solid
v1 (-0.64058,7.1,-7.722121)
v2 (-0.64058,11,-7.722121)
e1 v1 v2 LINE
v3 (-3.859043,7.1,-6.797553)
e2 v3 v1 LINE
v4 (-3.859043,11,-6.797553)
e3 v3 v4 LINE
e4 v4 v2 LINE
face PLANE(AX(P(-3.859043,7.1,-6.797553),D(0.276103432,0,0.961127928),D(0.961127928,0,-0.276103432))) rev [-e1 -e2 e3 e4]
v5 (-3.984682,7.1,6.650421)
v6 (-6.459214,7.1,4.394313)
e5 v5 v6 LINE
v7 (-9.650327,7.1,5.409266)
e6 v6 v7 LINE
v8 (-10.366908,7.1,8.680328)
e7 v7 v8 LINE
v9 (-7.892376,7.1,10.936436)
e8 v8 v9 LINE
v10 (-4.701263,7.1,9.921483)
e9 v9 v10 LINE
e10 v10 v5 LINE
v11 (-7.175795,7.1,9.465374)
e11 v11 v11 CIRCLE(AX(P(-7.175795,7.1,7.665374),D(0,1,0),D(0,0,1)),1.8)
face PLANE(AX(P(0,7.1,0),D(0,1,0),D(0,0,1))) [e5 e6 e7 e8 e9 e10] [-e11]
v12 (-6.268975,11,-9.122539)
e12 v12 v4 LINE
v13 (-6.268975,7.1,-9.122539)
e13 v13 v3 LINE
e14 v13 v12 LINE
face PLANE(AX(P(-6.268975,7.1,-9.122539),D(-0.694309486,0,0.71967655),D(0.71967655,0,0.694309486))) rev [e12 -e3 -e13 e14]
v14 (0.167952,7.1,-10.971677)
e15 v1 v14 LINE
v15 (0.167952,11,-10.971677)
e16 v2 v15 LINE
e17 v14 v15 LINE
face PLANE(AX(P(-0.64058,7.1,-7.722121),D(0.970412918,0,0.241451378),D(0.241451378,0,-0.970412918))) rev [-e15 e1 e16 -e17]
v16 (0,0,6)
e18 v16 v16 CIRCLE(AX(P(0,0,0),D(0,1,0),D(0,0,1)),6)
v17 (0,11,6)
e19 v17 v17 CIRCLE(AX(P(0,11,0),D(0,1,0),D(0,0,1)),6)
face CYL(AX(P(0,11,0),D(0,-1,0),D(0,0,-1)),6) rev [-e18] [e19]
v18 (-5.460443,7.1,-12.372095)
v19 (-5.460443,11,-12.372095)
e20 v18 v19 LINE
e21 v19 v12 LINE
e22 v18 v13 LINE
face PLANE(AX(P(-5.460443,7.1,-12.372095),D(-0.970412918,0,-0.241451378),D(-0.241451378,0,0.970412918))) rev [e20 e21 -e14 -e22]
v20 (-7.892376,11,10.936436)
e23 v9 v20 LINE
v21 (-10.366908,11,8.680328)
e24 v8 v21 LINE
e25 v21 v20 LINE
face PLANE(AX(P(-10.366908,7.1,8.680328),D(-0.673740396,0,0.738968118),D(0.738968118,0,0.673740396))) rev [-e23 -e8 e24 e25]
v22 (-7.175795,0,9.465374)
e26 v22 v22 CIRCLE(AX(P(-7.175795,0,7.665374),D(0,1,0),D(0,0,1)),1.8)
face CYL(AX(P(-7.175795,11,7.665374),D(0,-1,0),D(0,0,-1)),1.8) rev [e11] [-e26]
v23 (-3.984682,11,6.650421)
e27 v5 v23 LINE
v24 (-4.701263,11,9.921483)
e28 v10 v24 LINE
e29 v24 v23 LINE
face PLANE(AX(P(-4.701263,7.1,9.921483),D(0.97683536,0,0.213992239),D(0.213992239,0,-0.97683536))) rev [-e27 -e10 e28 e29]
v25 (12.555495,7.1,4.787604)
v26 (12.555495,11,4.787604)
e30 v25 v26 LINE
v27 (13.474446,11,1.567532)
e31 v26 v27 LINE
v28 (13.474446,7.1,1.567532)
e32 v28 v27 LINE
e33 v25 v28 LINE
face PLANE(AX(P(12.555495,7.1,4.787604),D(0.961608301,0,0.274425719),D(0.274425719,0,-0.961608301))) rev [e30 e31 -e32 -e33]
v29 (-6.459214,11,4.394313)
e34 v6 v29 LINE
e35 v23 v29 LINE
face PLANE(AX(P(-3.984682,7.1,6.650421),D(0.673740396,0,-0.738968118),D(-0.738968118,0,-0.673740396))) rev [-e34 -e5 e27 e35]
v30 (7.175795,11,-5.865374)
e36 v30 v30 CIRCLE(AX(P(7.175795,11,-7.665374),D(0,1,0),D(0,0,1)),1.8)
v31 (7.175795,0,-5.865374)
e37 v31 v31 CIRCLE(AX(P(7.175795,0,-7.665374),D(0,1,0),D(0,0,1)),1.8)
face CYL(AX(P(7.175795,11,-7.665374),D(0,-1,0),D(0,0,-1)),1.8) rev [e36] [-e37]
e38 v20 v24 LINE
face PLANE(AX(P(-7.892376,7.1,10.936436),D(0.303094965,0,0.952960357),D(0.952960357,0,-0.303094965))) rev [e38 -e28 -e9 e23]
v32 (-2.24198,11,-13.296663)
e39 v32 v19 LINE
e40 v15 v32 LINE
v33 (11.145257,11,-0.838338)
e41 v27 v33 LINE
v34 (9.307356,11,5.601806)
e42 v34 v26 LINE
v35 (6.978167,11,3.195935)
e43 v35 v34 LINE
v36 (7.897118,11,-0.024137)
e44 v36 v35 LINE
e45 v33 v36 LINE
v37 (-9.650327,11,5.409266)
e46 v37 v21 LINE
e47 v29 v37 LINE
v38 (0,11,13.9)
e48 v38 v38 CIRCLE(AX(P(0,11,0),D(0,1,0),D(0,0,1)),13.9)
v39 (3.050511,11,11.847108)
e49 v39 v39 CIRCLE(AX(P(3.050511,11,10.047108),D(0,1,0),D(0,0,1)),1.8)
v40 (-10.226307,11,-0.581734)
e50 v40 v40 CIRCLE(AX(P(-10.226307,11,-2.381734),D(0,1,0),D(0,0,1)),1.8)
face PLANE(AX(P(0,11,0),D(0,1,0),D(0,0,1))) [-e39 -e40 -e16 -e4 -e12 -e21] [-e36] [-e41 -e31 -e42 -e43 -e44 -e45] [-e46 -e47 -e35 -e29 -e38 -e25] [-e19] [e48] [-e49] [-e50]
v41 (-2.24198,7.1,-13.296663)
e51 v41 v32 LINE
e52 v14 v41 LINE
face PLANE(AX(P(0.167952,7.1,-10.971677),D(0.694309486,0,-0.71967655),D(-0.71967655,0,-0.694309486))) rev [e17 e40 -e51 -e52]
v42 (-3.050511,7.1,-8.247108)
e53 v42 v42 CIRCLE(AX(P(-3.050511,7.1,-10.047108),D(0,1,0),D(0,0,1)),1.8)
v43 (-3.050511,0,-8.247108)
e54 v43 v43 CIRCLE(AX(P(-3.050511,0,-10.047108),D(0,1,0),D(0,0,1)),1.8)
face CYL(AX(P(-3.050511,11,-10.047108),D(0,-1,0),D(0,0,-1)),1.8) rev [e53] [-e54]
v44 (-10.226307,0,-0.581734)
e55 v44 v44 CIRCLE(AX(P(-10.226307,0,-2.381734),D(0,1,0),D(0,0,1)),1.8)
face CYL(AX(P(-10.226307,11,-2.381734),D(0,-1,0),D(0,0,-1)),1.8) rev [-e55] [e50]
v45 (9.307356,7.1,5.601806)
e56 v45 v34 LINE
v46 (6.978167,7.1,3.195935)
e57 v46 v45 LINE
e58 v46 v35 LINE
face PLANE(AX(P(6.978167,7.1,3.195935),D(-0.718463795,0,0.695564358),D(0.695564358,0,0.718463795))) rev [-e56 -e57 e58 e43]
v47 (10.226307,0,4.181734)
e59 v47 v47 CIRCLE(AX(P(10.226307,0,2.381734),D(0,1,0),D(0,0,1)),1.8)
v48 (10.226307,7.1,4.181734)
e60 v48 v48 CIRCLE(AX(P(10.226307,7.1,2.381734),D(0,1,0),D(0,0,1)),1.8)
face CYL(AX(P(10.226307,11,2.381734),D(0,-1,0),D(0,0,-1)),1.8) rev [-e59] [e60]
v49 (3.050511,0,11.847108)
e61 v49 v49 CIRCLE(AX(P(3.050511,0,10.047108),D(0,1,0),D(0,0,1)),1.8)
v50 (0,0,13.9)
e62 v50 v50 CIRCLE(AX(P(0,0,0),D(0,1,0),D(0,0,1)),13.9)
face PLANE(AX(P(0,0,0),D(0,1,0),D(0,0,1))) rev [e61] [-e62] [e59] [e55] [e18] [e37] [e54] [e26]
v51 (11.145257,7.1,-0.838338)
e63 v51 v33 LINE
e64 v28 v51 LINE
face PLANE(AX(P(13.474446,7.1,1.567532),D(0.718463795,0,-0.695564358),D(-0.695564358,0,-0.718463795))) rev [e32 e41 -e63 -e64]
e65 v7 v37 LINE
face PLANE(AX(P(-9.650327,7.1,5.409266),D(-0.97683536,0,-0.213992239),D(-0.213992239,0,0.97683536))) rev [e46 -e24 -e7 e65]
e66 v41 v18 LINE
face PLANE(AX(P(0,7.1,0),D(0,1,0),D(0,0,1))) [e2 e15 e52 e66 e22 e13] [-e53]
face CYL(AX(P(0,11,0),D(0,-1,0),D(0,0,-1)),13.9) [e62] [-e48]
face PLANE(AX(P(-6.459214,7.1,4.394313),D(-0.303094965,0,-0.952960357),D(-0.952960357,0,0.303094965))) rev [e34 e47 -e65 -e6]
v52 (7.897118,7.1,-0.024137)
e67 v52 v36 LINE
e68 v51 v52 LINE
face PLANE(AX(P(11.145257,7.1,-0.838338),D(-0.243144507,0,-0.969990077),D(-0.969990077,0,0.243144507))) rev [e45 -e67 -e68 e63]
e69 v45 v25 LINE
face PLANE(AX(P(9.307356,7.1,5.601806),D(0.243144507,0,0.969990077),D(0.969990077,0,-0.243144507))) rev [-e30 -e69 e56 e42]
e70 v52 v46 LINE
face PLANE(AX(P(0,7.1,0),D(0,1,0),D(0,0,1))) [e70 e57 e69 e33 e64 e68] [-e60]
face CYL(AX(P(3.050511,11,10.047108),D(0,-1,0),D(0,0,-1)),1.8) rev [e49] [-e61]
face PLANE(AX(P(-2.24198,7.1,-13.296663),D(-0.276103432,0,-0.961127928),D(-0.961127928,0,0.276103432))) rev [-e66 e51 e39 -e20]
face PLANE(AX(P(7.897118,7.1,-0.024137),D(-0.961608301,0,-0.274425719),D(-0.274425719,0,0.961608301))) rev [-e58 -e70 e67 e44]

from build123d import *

# Parameters (mm, degrees)
ESQUISSE3_R             = 13.9
ESQUISSE3_R_2           = 6
ESQUISSE3_R_3           = 1.8
BOSS_EXTRU_1_DEPTH      = 11
ENL_V_MAT_EXTRU_1_DEPTH = 3.9


with BuildPart() as part:
    # Esquisse3 → Boss.-Extru.1 (new body)
    with BuildSketch(Plane(origin=(0, 0, 0), x_dir=(1, 0, 0), z_dir=(0, 1, 0))):
        with Locations(Location((0, 0, 0), (0, 0, 270))):
            Circle(ESQUISSE3_R)
        with Locations(Location((0, 0, 0), (0, 0, 270))):
            Circle(ESQUISSE3_R_2, mode=Mode.SUBTRACT)
        with Locations(Location((-3.050511372, 10.04710806, 0), (0, 0, 270))):
            Circle(ESQUISSE3_R_3, mode=Mode.SUBTRACT)
        with Locations(Location((7.175795129, 7.665374373, 0), (0, 0, 270))):
            Circle(ESQUISSE3_R_3, mode=Mode.SUBTRACT)
        with Locations(Location((10.2263065, -2.381733688, 0), (0, 0, 270))):
            Circle(ESQUISSE3_R_3, mode=Mode.SUBTRACT)
        with Locations(Location((3.050511372, -10.04710806, 0), (0, 0, 270))):
            Circle(ESQUISSE3_R_3, mode=Mode.SUBTRACT)
        with Locations(Location((-7.175795129, -7.665374373, 0), (0, 0, 270))):
            Circle(ESQUISSE3_R_3, mode=Mode.SUBTRACT)
        with Locations(Location((-10.2263065, 2.381733688, 0), (0, 0, 270))):
            Circle(ESQUISSE3_R_3, mode=Mode.SUBTRACT)
    extrude(amount=BOSS_EXTRU_1_DEPTH)

    # Esquisse4 → Enlèv. mat.-Extru.1 (cut)
    with BuildSketch(Plane(origin=(0, 11, 0), x_dir=(1, 0, 0), z_dir=(0, 1, 0))):
        Polygon((-3.859043077, 6.797552734), (-0.640579761, 7.722121401), (0.167951944, 10.971676727), (-2.241979667, 13.296663386), (-5.460442982, 12.372094719), (-6.268974687, 9.122539393), align=None)
        Polygon((12.555495262, -4.787604225), (13.474445885, -1.567532319), (11.145257124, 0.838338219), (7.897117739, 0.02413685), (6.978167116, -3.195935057), (9.307355877, -5.601805594), align=None)
        Polygon((-4.701263167, -9.921482726), (-3.984682, -6.650421008), (-6.459213962, -4.394312654), (-9.650327091, -5.409266019), (-10.366908258, -8.680327737), (-7.892376296, -10.936436091), align=None)
    extrude(amount=-ENL_V_MAT_EXTRU_1_DEPTH, mode=Mode.SUBTRACT)


solid = part.part
